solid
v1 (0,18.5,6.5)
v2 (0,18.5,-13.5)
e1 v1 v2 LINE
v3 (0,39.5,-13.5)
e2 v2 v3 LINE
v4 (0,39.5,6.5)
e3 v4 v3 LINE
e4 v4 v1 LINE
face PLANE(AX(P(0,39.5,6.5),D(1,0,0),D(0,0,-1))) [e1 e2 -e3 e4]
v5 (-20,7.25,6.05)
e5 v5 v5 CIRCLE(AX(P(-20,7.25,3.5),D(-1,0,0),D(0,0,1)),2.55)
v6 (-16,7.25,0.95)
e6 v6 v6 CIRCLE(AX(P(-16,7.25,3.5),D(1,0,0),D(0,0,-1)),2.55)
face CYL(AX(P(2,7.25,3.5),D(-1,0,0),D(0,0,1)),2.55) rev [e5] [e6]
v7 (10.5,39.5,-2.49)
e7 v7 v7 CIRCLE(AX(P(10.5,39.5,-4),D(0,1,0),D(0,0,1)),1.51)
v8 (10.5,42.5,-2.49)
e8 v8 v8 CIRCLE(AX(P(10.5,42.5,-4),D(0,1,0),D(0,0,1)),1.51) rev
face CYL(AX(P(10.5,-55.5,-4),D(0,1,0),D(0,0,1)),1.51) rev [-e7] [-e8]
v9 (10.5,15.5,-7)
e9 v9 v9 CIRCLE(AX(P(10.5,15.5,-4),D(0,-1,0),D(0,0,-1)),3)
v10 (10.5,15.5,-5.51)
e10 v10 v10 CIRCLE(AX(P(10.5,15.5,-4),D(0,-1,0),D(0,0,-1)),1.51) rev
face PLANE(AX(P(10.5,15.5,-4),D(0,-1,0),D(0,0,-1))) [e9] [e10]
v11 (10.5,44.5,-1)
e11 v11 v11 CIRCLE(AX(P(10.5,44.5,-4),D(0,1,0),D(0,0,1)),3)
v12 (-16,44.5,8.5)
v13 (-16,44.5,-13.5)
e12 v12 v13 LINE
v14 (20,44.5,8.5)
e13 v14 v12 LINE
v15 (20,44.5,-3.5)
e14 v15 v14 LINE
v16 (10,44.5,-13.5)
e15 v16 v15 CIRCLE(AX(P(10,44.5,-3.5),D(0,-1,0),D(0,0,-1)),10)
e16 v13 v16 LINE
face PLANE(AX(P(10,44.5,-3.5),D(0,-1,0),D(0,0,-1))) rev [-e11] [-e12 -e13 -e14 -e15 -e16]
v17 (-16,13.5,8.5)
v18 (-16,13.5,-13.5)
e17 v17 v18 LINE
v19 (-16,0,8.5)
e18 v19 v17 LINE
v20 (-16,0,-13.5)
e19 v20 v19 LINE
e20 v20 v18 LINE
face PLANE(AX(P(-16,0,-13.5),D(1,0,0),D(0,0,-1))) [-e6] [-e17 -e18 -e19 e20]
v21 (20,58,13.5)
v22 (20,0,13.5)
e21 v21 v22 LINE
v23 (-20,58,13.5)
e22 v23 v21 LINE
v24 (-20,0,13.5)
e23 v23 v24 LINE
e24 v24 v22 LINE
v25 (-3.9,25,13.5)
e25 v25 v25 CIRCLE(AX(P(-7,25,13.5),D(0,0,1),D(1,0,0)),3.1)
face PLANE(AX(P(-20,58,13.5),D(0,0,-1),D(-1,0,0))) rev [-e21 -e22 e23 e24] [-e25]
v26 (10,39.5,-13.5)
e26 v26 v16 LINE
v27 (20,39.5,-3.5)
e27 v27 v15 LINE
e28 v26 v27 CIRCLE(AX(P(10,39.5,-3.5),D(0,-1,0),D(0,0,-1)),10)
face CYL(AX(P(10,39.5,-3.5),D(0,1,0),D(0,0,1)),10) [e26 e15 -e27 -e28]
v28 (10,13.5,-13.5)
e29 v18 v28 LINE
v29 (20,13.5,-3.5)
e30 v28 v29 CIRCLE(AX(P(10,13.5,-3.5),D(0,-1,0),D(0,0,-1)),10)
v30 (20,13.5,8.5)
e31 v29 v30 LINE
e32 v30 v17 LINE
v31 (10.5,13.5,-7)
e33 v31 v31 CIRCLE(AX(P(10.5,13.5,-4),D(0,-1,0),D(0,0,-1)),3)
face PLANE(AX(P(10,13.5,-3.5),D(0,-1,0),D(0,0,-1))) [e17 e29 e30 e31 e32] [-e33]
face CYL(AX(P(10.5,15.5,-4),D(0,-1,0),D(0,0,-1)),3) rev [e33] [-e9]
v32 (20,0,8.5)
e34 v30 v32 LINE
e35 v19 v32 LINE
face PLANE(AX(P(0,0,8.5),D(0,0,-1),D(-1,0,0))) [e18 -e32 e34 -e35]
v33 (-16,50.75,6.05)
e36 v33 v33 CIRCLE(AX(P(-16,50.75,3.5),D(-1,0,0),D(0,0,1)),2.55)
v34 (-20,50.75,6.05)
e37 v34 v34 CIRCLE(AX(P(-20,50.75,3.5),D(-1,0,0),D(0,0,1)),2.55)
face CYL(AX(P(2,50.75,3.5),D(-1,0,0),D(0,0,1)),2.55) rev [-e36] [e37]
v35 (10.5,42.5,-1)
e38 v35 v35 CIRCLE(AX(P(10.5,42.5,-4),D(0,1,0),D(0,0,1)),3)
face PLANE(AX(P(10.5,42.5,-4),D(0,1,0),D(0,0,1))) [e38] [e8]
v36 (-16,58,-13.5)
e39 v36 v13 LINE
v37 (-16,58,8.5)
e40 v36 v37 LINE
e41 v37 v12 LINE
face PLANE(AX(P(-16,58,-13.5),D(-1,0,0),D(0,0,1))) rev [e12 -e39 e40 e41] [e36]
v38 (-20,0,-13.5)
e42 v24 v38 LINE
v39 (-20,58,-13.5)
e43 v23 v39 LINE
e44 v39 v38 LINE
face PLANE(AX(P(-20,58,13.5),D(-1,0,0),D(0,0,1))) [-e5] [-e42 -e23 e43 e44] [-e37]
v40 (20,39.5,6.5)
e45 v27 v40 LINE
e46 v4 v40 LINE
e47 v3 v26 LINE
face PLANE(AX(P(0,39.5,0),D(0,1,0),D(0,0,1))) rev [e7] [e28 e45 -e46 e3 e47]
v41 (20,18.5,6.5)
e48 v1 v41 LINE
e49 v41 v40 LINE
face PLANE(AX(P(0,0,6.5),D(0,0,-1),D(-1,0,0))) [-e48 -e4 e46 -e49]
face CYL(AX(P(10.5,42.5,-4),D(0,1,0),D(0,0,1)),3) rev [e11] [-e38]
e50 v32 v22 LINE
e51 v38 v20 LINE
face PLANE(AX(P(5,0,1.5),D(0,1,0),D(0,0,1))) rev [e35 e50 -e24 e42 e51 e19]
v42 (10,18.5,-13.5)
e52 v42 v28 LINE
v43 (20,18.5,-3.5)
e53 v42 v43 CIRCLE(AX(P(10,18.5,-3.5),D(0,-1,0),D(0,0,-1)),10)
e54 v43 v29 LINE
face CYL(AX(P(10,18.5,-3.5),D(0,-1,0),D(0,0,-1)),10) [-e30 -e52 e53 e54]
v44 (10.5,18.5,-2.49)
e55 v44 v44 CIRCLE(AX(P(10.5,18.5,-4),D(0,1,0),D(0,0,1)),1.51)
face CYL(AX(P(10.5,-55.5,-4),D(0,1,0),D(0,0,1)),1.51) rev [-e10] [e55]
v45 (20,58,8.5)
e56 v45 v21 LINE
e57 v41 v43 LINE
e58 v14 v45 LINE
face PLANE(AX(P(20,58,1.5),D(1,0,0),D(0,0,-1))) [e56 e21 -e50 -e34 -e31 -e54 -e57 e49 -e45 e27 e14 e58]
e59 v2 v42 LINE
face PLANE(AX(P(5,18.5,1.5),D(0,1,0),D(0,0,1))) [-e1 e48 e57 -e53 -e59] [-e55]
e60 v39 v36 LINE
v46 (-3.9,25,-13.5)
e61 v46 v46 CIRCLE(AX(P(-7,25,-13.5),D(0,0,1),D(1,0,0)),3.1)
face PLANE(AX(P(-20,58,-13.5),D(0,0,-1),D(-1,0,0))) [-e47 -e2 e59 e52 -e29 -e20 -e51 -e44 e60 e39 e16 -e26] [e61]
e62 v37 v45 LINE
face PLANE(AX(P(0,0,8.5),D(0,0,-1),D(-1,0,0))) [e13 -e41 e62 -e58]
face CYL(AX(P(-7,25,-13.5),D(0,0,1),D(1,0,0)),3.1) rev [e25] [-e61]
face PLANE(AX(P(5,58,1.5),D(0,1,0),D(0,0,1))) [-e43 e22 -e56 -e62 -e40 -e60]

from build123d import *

# Parameters (mm, degrees)
EXTRUDE_1_DEPTH      = 58
SKETCH_2_R           = 3
CUT_EXTRUDE_1_DEPTH  = 58
SKETCH_3_W           = 15
SKETCH_3_H           = 14.5
SKETCH_3_W_2         = 25
CUT_EXTRUDE_2_DEPTH  = 22
SKETCH_5_W           = 4
SKETCH_5_H           = 14.5
EXTRUDE_2_DEPTH      = 22
CUT_EXTRUDE_3_DEPTH  = 22
CUT_EXTRUDE_START    = -30
CUT_EXTRUDE_4_DEPTH  = 30
EXTRUDE_START        = -4
EXTRUDE_5_DEPTH      = 4
EXTRUDE_6_DEPTH      = 4
SKETCH_18_R          = 3.05
CUT_EXTRUDE_7_DEPTH  = 50
SKETCH_17_R          = 1.51
CUT_EXTRUDE_8_DEPTH  = 50
EXTRUDE_7_DEPTH      = 4
EXTRUDE_START_2      = 1
SKETCH_20_R          = 1.51
EXTRUDE_8_DEPTH      = 1
SKETCH_21_R          = 3
SKETCH_21_R_2        = 1.51
CUT_EXTRUDE_9_DEPTH  = 2
EXTRUDE_9_DEPTH      = 4
SKETCH_23_R          = 1.51
EXTRUDE_10_DEPTH     = 1
CUT_EXTRUDE_START_2  = -2
SKETCH_24_R          = 3
CUT_EXTRUDE_10_DEPTH = 2
CUT_EXTRUDE_11_DEPTH = 100
SKETCH_26_R          = 3.05
EXTRUDE_11_DEPTH     = 27
SKETCH_27_R          = 3.1
CUT_EXTRUDE_12_DEPTH = 27
SKETCH_29_W          = 20
SKETCH_29_H          = 21
CUT_EXTRUDE_13_DEPTH = 20
EXTRUDE_START_3      = -5
SKETCH_30_R          = 3
EXTRUDE_12_DEPTH     = 5
SKETCH_32_R          = 3
EXTRUDE_13_DEPTH     = 5
SKETCH_34_R          = 1.51
CUT_EXTRUDE_14_DEPTH = 100
SKETCH_35_R          = 3
CUT_EXTRUDE_15_DEPTH = 2
SKETCH_36_R          = 3
CUT_EXTRUDE_16_DEPTH = 2


with BuildPart() as part:
    # 草图1 → 凸台-拉伸1 (new body)
    with BuildSketch(Plane(origin=(0, 0, 0), x_dir=(1, 0, 0), z_dir=(0, 1, 0))):
        with BuildLine():
            Line((-20, 13.5), (5, 13.5))
            ThreePointArc((5, 13.5), (15.606601718, 9.106601718), (20, -1.5))
            Line((20, -1.5), (20, -13.5))
            Line((20, -13.5), (-20, -13.5))
            Line((-20, -13.5), (-20, 13.5))
        make_face()
    extrude(amount=EXTRUDE_1_DEPTH)

    # 草图2 → 切除-拉伸1 (cut)
    with BuildSketch(Plane.XY.offset(13.5)):
        with Locations((-7, 33)):
            Circle(SKETCH_2_R)
    extrude(amount=-CUT_EXTRUDE_1_DEPTH, mode=Mode.SUBTRACT)

    # 草图3 → 切除-拉伸2 (cut)
    with BuildSketch(Plane(origin=(0, 0, -13.5), x_dir=(-1, 0, 0), z_dir=(0, 0, -1))):
        with Locations((-12.5, 50.75)):
            Rectangle(SKETCH_3_W, SKETCH_3_H)
        with Locations((-12.5, 7.25)):
            Rectangle(SKETCH_3_W, SKETCH_3_H)
        with Locations((7.5, 7.25)):
            Rectangle(SKETCH_3_W_2, SKETCH_3_H)
        with Locations((7.5, 50.75)):
            Rectangle(SKETCH_3_W_2, SKETCH_3_H)
    extrude(amount=-CUT_EXTRUDE_2_DEPTH, mode=Mode.SUBTRACT)

    # 草图5 → 凸台-拉伸2 (add)
    with BuildSketch(Plane(origin=(0, 0, 8.5), x_dir=(-1, 0, 0), z_dir=(0, 0, -1))):
        with Locations((18, 7.25)):
            Rectangle(SKETCH_5_W, SKETCH_5_H)
        with Locations((18, 50.75)):
            Rectangle(SKETCH_5_W, SKETCH_5_H)
    extrude(amount=EXTRUDE_2_DEPTH)

    # 草图8 → 切除-拉伸3 (cut)
    with BuildSketch(Plane.ZY.offset(20)):
        with BuildLine():
            ThreePointArc((6.05, 50.75), (5.303122292, 52.553122292), (3.5, 53.3))
            Line((3.5, 53.3), (3.5, 48.2))
            ThreePointArc((3.5, 48.2), (5.303122292, 48.946877708), (6.05, 50.75))
        make_face()
        with BuildLine():
            Line((3.5, 48.2), (3.5, 53.3))
            ThreePointArc((3.5, 53.3), (0.95, 50.75), (3.5, 48.2))
        make_face()
        with BuildLine():
            ThreePointArc((3.5, 9.8), (0.95, 7.25), (3.5, 4.7))
            Line((3.5, 4.7), (3.5, 9.8))
        make_face()
        with BuildLine():
            Line((3.5, 9.8), (3.5, 4.7))
            ThreePointArc((3.5, 4.7), (5.303122292, 5.446877708), (6.05, 7.25))
            ThreePointArc((6.05, 7.25), (5.303122292, 9.053122292), (3.5, 9.8))
        make_face()
    extrude(amount=-CUT_EXTRUDE_3_DEPTH, mode=Mode.SUBTRACT)

    # 草图10 → 切除-拉伸4 (cut)
    with BuildSketch(Plane(origin=(0, 43.5, 0), x_dir=(1, 0, 0), z_dir=(0, 1, 0)).offset(CUT_EXTRUDE_START)):
        with BuildLine():
            Line((20, -6.5), (20, -1.5))
            ThreePointArc((20, -1.5), (15.606601718, 9.106601718), (5, 13.5))
            Line((5, 13.5), (0, 13.5))
            ThreePointArc((0, 13.5), (5.857864376, -0.642135624), (20, -6.5))
        make_face()
        with BuildLine():
            Line((20, -1.5), (20, 13.5))
            Line((20, 13.5), (5, 13.5))
            ThreePointArc((5, 13.5), (15.606601718, 9.106601718), (20, -1.5))
        make_face()
    extrude(amount=CUT_EXTRUDE_4_DEPTH, mode=Mode.SUBTRACT)

    # 草图11 → 凸台-拉伸5 (add)
    with BuildSketch(Plane(origin=(0, 43.5, 0), x_dir=(1, 0, 0), z_dir=(0, 1, 0)).offset(EXTRUDE_START)):
        with BuildLine():
            Line((5, 13.5), (0, 13.5))
            ThreePointArc((0, 13.5), (5.857864376, -0.642135624), (20, -6.5))
            Line((20, -6.5), (20, -1.5))
            ThreePointArc((20, -1.5), (15.606601718, 9.106601718), (5, 13.5))
        make_face()
    extrude(amount=EXTRUDE_5_DEPTH)

    # 草图13 → 凸台-拉伸6 (add)
    with BuildSketch(Plane.XZ.offset(-14.5)):
        with BuildLine():
            Line((0, -13.5), (5, -13.5))
            ThreePointArc((5, -13.5), (15.606601718, -9.106601718), (20, 1.5))
            Line((20, 1.5), (20, 6.5))
            ThreePointArc((20, 6.5), (5.857864376, 0.642135624), (0, -13.5))
        make_face()
    extrude(amount=-EXTRUDE_6_DEPTH)

    # 草图18 → 切除-拉伸7 (cut)
    with BuildSketch(Plane.XY.offset(13.5)):
        with Locations((-7, 33)):
            Circle(SKETCH_18_R)
    extrude(amount=-CUT_EXTRUDE_7_DEPTH, mode=Mode.SUBTRACT)

    # 草图17 → 切除-拉伸8 (cut)
    with BuildSketch(Plane(origin=(0, 43.5, 0), x_dir=(1, 0, 0), z_dir=(0, 1, 0))):
        with Locations(Location((12.928932188, 6.428932188, 0), (0, 0, 270))):
            Circle(SKETCH_17_R)
    extrude(amount=-CUT_EXTRUDE_8_DEPTH, mode=Mode.SUBTRACT)

    # 草图19 → 凸台-拉伸7 (add)
    with BuildSketch(Plane(origin=(0, 43.5, 0), x_dir=(1, 0, 0), z_dir=(0, 1, 0)).offset(EXTRUDE_START)):
        with BuildLine():
            Line((10, 13.5), (5, 13.5))
            ThreePointArc((5, 13.5), (15.606601718, 9.106601718), (20, -1.5))
            Line((20, -1.5), (20, 3.5))
            ThreePointArc((20, 3.5), (17.071067812, 10.571067812), (10, 13.5))
        make_face()
    extrude(amount=EXTRUDE_7_DEPTH)

    # 草图20 → 凸台-拉伸8 (add)
    with BuildSketch(Plane(origin=(0, 43.5, 0), x_dir=(1, 0, 0), z_dir=(0, 1, 0)).offset(EXTRUDE_START_2)):
        with BuildLine():
            Line((20, 3.5), (20, -8.5))
            Line((20, -8.5), (-16, -8.5))
            Line((-16, -8.5), (-16, 13.5))
            Line((-16, 13.5), (10, 13.5))
            ThreePointArc((10, 13.5), (17.071067812, 10.571067812), (20, 3.5))
        make_face()
        with Locations(Location((12.928932188, 6.428932188, 0), (0, 0, 270))):
            Circle(SKETCH_20_R, mode=Mode.SUBTRACT)
    extrude(amount=-EXTRUDE_8_DEPTH)

    # 草图21 → 切除-拉伸9 (cut)
    with BuildSketch(Plane(origin=(0, 44.5, 0), x_dir=(1, 0, 0), z_dir=(0, 1, 0))):
        with Locations(Location((12.928932188, 6.428932188, 0), (0, 0, 270))):
            Circle(SKETCH_21_R)
        with Locations(Location((12.928932188, 6.428932188, 0), (0, 0, 270))):
            Circle(SKETCH_21_R_2, mode=Mode.SUBTRACT)
    extrude(amount=-CUT_EXTRUDE_9_DEPTH, mode=Mode.SUBTRACT)

    # 草图22 → 凸台-拉伸9 (add)
    with BuildSketch(Plane(origin=(0, 14.5, 0), x_dir=(-1, 0, 0), z_dir=(0, -1, 0))):
        with BuildLine():
            Line((-5, 13.5), (-10, 13.5))
            ThreePointArc((-10, 13.5), (-17.071067812, 10.571067812), (-20, 3.5))
            Line((-20, 3.5), (-20, -1.5))
            ThreePointArc((-20, -1.5), (-15.606601718, 9.106601718), (-5, 13.5))
        make_face()
    extrude(amount=-EXTRUDE_9_DEPTH)

    # 草图23 → 凸台-拉伸10 (add)
    with BuildSketch(Plane(origin=(0, 14.5, 0), x_dir=(-1, 0, 0), z_dir=(0, -1, 0))):
        with BuildLine():
            Line((16, -8.5), (16, 13.5))
            Line((16, 13.5), (-10, 13.5))
            ThreePointArc((-10, 13.5), (-17.071067812, 10.571067812), (-20, 3.5))
            Line((-20, 3.5), (-20, -8.5))
            Line((-20, -8.5), (16, -8.5))
        make_face()
        with Locations(Location((-12.928932188, 6.428932188, 0), (0, 0, 270))):
            Circle(SKETCH_23_R, mode=Mode.SUBTRACT)
    extrude(amount=EXTRUDE_10_DEPTH)

    # 草图24 → 切除-拉伸10 (cut)
    with BuildSketch(Plane(origin=(0, 13.5, 0), x_dir=(-1, 0, 0), z_dir=(0, -1, 0)).offset(CUT_EXTRUDE_START_2)):
        with Locations(Location((-12.928932188, 6.428932188, 0), (0, 0, 270))):
            Circle(SKETCH_24_R)
    extrude(amount=CUT_EXTRUDE_10_DEPTH, mode=Mode.SUBTRACT)

    # 草图25 → 切除-拉伸11 (cut)
    with BuildSketch(Plane.XY.offset(13.5)):
        with BuildLine():
            ThreePointArc((-3.95, 25), (-4.843324317, 27.156675683), (-7, 28.05))
            Line((-7, 28.05), (-7, 21.95))
            ThreePointArc((-7, 21.95), (-4.843324317, 22.843324317), (-3.95, 25))
        make_face()
        with BuildLine():
            Line((-7, 21.95), (-7, 28.05))
            ThreePointArc((-7, 28.05), (-10.05, 25), (-7, 21.95))
        make_face()
    extrude(amount=-CUT_EXTRUDE_11_DEPTH, mode=Mode.SUBTRACT)

    # 草图26 → 凸台-拉伸11 (add)
    with BuildSketch(Plane.XY.offset(13.5)):
        with Locations((-7, 33)):
            Circle(SKETCH_26_R)
    extrude(amount=-EXTRUDE_11_DEPTH)

    # 草图27 → 切除-拉伸12 (cut)
    with BuildSketch(Plane.XY.offset(13.5)):
        with Locations((-7, 25)):
            Circle(SKETCH_27_R)
    extrude(amount=-CUT_EXTRUDE_12_DEPTH, mode=Mode.SUBTRACT)

    # 草图29 → 切除-拉伸13 (cut)
    with BuildSketch(Plane(origin=(0, 0, -13.5), x_dir=(-1, 0, 0), z_dir=(0, 0, -1))):
        with Locations((-10, 29)):
            Rectangle(SKETCH_29_W, SKETCH_29_H)
    extrude(amount=-CUT_EXTRUDE_13_DEPTH, mode=Mode.SUBTRACT)

    # 草图30 → 凸台-拉伸12 (add)
    with BuildSketch(Plane(origin=(0, 13.5, 0), x_dir=(-1, 0, 0), z_dir=(0, -1, 0)).offset(EXTRUDE_START_3)):
        with Locations(Location((-12.928932188, 6.428932188, 0), (0, 0, 270))):
            Circle(SKETCH_30_R)
    extrude(amount=EXTRUDE_12_DEPTH)

    # 草图32 → 凸台-拉伸13 (add)
    with BuildSketch(Plane(origin=(0, 44.5, 0), x_dir=(1, 0, 0), z_dir=(0, 1, 0))):
        with Locations((12.928932188, 6.428932188)):
            Circle(SKETCH_32_R)
    extrude(amount=-EXTRUDE_13_DEPTH)

    # 草图34 → 切除-拉伸14 (cut)
    with BuildSketch(Plane(origin=(0, 44.5, 0), x_dir=(1, 0, 0), z_dir=(0, 1, 0))):
        with Locations(Location((10.5, 4, 0), (0, 0, 270))):
            Circle(SKETCH_34_R)
    extrude(amount=-CUT_EXTRUDE_14_DEPTH, mode=Mode.SUBTRACT)

    # 草图35 → 切除-拉伸15 (cut)
    with BuildSketch(Plane(origin=(0, 44.5, 0), x_dir=(1, 0, 0), z_dir=(0, 1, 0))):
        with Locations(Location((10.5, 4, 0), (0, 0, 270))):
            Circle(SKETCH_35_R)
    extrude(amount=-CUT_EXTRUDE_15_DEPTH, mode=Mode.SUBTRACT)

    # 草图36 → 切除-拉伸16 (cut)
    with BuildSketch(Plane(origin=(0, 13.5, 0), x_dir=(-1, 0, 0), z_dir=(0, -1, 0)).offset(CUT_EXTRUDE_START_2)):
        with Locations(Location((-10.5, 4, 0), (0, 0, 270))):
            Circle(SKETCH_36_R)
    extrude(amount=CUT_EXTRUDE_16_DEPTH, mode=Mode.SUBTRACT)


solid = part.part
